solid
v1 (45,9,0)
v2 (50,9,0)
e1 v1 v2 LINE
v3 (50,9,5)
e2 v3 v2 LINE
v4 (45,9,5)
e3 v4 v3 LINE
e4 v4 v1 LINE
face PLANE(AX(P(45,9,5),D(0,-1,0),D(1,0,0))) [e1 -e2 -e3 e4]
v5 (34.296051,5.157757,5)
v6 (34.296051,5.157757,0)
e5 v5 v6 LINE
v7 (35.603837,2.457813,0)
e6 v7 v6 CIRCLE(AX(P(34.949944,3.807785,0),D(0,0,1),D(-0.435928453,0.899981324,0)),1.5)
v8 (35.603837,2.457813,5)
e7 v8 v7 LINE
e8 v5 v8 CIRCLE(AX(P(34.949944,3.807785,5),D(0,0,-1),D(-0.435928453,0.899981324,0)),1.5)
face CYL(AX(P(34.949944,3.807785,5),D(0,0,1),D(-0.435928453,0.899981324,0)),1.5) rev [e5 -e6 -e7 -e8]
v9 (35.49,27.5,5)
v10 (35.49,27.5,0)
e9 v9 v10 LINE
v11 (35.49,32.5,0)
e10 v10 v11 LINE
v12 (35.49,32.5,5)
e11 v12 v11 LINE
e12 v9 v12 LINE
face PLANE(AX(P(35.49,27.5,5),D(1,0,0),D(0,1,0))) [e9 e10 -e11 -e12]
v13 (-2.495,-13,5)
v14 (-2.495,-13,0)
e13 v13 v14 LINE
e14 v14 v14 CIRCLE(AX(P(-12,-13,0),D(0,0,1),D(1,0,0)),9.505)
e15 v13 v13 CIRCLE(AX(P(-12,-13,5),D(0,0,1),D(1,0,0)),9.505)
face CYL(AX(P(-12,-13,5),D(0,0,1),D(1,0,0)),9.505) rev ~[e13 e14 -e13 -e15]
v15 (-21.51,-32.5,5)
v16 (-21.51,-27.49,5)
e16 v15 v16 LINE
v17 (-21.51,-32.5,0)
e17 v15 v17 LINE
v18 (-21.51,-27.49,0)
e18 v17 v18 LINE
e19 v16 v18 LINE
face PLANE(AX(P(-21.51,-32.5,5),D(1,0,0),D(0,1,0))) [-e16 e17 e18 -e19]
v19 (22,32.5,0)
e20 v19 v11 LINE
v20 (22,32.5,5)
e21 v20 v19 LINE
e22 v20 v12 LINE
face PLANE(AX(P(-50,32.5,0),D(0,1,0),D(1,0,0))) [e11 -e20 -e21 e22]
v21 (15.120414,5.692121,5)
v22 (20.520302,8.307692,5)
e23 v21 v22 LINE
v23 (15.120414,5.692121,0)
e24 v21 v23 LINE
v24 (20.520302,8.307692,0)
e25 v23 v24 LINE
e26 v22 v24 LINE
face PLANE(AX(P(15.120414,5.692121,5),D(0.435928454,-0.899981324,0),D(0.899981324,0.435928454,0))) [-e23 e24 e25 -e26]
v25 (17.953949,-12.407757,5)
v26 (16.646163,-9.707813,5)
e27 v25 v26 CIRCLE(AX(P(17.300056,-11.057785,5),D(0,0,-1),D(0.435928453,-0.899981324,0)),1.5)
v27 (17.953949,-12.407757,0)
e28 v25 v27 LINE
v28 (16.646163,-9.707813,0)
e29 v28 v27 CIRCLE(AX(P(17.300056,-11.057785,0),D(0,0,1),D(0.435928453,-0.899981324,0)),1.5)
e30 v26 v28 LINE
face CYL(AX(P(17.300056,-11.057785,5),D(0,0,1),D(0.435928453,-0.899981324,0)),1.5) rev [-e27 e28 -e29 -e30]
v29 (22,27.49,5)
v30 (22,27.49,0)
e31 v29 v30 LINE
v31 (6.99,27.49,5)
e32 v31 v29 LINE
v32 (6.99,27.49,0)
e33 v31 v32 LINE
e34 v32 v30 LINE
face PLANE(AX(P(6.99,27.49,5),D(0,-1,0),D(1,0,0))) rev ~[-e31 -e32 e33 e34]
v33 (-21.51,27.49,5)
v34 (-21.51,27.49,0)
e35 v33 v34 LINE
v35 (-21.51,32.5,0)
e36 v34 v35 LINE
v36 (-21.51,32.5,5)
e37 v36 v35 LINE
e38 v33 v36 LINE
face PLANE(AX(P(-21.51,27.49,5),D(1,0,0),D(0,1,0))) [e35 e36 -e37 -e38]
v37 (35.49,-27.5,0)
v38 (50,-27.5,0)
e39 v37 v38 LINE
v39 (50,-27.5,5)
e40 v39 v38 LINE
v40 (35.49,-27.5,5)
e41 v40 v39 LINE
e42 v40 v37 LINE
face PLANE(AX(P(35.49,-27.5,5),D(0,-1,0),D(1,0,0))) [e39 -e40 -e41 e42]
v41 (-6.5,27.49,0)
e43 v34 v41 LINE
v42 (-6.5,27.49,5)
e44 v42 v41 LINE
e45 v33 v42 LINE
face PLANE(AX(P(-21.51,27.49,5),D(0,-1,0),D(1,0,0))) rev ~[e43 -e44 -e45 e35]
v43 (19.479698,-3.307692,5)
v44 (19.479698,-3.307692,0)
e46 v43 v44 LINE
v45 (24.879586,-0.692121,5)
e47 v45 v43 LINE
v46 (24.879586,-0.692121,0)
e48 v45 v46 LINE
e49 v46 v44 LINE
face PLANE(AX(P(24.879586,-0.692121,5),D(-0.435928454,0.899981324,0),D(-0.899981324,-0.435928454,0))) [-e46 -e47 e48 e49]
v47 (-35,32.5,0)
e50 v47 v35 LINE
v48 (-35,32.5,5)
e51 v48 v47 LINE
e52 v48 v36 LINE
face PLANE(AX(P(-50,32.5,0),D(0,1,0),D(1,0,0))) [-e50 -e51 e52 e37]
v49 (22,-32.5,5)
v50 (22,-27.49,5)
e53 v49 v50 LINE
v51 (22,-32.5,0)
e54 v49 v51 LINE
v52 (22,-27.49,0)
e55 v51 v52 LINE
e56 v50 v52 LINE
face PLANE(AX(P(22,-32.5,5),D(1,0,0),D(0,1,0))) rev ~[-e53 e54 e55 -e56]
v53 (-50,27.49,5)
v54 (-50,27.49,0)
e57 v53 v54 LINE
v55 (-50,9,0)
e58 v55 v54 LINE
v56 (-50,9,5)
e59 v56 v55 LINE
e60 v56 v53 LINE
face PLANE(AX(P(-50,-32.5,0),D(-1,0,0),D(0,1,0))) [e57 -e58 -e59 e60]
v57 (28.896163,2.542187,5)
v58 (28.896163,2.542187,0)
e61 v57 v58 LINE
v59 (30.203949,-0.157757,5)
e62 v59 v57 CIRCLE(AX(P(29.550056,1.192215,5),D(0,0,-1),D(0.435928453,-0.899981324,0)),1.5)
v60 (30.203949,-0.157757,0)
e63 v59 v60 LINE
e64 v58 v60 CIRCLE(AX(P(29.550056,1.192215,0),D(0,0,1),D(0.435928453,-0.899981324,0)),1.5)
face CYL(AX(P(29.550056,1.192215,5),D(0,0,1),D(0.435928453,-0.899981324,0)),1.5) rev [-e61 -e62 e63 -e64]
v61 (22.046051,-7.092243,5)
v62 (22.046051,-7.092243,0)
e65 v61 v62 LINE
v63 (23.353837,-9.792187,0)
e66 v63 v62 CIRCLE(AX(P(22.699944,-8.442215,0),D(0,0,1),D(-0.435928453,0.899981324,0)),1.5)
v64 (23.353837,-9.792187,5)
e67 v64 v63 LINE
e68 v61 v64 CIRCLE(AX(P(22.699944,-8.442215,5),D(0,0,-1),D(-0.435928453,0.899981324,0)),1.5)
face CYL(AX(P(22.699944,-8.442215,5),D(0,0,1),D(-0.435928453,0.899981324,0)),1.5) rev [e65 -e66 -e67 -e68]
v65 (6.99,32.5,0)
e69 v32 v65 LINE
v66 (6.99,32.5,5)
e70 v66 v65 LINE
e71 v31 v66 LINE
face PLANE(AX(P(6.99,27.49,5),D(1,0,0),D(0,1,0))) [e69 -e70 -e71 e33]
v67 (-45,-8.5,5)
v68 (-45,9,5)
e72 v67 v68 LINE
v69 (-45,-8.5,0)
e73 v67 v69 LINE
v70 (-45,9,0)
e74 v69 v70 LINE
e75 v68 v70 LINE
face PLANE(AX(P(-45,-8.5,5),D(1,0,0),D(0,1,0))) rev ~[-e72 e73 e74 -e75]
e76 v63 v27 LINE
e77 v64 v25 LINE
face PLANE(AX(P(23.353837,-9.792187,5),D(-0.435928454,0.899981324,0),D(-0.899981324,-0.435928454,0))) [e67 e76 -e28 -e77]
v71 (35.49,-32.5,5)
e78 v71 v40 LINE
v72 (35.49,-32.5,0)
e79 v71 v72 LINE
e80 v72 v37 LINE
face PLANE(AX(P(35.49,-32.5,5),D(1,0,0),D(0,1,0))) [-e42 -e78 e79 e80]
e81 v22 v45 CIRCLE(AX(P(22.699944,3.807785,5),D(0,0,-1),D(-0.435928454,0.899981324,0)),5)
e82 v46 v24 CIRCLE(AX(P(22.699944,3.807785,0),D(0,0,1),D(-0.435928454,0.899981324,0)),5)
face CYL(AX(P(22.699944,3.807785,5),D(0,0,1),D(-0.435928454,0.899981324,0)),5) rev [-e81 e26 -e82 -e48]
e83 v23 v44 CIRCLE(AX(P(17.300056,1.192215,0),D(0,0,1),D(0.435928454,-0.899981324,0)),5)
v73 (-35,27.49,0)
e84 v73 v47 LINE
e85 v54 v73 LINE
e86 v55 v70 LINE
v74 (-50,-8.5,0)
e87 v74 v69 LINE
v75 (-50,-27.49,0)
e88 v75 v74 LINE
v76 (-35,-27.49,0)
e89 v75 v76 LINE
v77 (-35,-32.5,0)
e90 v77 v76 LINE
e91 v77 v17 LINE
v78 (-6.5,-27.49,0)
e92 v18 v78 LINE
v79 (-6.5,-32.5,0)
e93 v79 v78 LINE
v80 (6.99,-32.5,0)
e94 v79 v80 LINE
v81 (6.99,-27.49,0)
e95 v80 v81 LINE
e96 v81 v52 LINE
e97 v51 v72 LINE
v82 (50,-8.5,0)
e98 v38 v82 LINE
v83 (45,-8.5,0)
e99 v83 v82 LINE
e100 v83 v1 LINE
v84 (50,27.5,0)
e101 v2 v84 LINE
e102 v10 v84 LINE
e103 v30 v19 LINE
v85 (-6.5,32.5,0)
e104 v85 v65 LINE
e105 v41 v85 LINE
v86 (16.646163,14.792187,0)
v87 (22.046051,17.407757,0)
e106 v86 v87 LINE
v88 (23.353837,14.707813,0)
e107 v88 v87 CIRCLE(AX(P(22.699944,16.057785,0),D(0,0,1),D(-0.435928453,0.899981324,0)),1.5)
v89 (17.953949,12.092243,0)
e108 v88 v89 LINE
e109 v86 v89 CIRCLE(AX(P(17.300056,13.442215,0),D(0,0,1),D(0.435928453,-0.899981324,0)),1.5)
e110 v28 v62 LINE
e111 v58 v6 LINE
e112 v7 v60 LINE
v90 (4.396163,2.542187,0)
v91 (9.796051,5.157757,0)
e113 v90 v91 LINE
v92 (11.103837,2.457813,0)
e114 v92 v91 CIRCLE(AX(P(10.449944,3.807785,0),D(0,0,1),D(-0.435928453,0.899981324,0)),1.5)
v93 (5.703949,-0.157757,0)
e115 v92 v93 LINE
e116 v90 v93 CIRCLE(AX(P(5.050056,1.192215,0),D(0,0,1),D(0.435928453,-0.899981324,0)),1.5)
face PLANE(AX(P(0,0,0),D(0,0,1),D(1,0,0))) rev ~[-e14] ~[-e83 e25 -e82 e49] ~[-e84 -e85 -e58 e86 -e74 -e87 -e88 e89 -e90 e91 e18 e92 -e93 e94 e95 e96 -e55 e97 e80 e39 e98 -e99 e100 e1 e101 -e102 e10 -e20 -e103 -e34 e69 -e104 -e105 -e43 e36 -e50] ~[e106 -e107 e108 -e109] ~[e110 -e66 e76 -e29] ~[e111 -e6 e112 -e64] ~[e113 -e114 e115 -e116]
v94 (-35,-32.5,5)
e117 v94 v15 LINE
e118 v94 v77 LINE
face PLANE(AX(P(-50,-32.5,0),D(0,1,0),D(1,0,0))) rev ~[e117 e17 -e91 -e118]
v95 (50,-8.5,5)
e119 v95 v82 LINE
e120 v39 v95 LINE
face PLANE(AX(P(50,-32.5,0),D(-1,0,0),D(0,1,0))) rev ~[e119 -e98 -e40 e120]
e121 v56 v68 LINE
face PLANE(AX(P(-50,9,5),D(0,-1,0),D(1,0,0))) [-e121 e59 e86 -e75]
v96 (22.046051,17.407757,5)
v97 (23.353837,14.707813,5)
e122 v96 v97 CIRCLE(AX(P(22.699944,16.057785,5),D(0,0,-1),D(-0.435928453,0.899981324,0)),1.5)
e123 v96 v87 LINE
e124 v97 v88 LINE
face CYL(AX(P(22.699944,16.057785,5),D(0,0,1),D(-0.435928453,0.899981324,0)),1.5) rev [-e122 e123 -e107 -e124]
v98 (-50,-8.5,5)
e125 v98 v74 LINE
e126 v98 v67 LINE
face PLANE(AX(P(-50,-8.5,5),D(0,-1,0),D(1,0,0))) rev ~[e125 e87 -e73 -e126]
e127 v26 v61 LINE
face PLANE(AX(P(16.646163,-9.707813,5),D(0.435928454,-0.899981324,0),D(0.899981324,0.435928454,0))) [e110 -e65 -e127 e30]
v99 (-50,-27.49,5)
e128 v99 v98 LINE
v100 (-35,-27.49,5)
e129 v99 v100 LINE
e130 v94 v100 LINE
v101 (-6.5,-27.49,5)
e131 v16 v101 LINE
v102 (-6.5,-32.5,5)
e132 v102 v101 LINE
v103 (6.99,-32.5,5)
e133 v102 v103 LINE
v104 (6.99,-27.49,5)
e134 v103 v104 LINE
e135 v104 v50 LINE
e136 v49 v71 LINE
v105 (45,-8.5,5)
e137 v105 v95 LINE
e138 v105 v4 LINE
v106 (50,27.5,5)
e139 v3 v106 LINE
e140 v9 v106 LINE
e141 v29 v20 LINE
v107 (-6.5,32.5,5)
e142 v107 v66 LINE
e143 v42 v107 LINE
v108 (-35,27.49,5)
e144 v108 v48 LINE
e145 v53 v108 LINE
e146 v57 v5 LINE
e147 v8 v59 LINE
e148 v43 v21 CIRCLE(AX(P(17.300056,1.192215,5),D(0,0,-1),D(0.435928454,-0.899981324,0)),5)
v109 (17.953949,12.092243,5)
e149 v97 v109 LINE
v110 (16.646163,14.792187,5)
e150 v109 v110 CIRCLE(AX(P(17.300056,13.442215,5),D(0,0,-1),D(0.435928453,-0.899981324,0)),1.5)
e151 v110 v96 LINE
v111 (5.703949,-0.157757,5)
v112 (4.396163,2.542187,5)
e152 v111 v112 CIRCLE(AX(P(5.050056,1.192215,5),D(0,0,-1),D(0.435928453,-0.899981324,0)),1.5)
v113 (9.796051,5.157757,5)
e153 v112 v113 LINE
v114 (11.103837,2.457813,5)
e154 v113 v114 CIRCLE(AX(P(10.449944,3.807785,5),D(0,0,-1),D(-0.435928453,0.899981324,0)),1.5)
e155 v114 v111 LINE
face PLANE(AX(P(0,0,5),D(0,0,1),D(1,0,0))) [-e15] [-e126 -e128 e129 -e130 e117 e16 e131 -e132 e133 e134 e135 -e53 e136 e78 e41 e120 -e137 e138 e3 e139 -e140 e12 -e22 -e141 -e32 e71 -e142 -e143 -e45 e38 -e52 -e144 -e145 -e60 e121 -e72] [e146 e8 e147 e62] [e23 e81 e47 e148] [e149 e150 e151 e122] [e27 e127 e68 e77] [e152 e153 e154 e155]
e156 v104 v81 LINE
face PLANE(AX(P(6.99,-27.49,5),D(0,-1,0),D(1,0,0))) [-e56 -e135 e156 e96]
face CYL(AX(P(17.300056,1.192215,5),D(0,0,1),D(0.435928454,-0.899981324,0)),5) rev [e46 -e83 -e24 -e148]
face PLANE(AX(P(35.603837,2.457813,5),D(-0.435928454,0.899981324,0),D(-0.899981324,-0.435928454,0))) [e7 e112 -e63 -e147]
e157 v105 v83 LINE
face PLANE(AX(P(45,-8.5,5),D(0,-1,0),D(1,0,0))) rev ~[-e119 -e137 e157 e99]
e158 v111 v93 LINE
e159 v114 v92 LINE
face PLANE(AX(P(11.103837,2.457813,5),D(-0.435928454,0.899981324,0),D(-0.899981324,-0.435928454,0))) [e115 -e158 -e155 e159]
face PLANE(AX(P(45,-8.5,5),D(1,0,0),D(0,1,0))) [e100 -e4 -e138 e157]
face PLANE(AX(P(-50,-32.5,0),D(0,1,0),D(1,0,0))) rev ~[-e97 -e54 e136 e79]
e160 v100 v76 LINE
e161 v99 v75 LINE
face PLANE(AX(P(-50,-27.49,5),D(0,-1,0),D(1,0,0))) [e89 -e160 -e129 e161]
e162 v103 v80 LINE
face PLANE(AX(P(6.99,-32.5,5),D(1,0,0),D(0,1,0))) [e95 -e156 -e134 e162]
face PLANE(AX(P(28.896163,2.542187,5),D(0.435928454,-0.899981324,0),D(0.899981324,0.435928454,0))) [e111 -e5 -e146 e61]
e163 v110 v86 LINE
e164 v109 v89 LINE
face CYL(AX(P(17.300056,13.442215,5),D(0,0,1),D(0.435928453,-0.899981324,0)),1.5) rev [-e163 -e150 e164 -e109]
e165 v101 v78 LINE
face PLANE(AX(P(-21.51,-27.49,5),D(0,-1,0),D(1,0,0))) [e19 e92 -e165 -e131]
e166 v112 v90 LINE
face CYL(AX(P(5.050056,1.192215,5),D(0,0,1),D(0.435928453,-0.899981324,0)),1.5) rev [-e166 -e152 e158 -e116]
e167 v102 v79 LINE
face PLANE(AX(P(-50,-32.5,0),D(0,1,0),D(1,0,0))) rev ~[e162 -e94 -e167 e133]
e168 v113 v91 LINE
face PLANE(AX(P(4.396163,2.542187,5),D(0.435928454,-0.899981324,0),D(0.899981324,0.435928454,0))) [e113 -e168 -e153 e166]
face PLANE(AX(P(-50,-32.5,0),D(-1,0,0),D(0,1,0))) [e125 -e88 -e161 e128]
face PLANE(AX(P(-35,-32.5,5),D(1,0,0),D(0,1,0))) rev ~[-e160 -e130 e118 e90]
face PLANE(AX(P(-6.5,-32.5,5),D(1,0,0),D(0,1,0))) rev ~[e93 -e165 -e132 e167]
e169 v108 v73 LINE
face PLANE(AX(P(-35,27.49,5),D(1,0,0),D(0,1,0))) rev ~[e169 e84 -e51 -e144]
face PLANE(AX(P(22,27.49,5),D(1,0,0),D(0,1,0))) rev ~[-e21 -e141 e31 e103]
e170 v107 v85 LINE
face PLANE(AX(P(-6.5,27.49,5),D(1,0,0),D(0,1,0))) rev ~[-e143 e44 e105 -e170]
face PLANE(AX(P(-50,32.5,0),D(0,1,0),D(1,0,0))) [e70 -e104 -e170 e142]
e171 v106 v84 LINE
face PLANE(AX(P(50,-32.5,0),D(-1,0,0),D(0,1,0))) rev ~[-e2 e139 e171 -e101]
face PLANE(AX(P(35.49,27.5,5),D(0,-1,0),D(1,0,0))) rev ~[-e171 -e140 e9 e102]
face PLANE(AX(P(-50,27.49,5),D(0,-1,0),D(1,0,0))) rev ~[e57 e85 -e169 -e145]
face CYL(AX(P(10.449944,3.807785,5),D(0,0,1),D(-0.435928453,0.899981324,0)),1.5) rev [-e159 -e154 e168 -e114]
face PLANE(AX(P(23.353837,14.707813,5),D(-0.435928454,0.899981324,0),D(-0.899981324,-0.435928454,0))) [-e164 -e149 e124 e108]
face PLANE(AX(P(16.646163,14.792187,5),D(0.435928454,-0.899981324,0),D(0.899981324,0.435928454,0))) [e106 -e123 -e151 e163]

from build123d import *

# Parameters (mm, degrees)
ESQUISSE1_W             = 100
ESQUISSE1_H             = 65
BOSS_EXTRU_1_DEPTH      = 5
ESQUISSE2_W             = 15
ESQUISSE2_H             = 5.01
ESQUISSE2_W_2           = 15.01
ESQUISSE2_W_3           = 14.51
ESQUISSE2_H_2           = 5
ESQUISSE2_W_4           = 5
ESQUISSE2_H_3           = 17.5
ENL_V_MAT_EXTRU_1_DEPTH = 5
ESQUISSE7_R             = 9.505
ENL_V_MAT_EXTRU_5_DEPTH = 10
ENL_V_MAT_EXTRU_6_DEPTH = 10


with BuildPart() as part:
    # Esquisse1 → Boss.-Extru.1 (new body)
    with BuildSketch(Plane.XY):
        Rectangle(ESQUISSE1_W, ESQUISSE1_H)
    extrude(amount=BOSS_EXTRU_1_DEPTH)

    # Esquisse2 → Enlèv. mat.-Extru.1 (cut)
    with BuildSketch(Plane.XY.offset(5)):
        with Locations((-42.5, 29.995)):
            Rectangle(ESQUISSE2_W, ESQUISSE2_H)
        with Locations((-14.005, 29.995)):
            Rectangle(ESQUISSE2_W_2, ESQUISSE2_H)
        with Locations((14.495, 29.995)):
            Rectangle(ESQUISSE2_W_2, ESQUISSE2_H)
        with Locations((42.745, 30)):
            Rectangle(ESQUISSE2_W_3, ESQUISSE2_H_2)
        with Locations((-47.5, 0.25)):
            Rectangle(ESQUISSE2_W_4, ESQUISSE2_H_3)
        with Locations((47.5, 0.25)):
            Rectangle(ESQUISSE2_W_4, ESQUISSE2_H_3)
        with Locations((42.745, -30)):
            Rectangle(ESQUISSE2_W_3, ESQUISSE2_H_2)
        with Locations((14.495, -29.995)):
            Rectangle(ESQUISSE2_W_2, ESQUISSE2_H)
        with Locations((-14.005, -29.995)):
            Rectangle(ESQUISSE2_W_2, ESQUISSE2_H)
        with Locations((-42.5, -29.995)):
            Rectangle(ESQUISSE2_W, ESQUISSE2_H)
    extrude(amount=-ENL_V_MAT_EXTRU_1_DEPTH, mode=Mode.SUBTRACT)

    # Esquisse7 → Enlèv. mat.-Extru.5 (cut)
    with BuildSketch(Plane.XY.offset(5)):
        with Locations((-12, -13)):
            Circle(ESQUISSE7_R)
    extrude(amount=-ENL_V_MAT_EXTRU_5_DEPTH, mode=Mode.SUBTRACT)

    # Esquisse8 → Enlèv. mat.-Extru.6 (cut)
    with BuildSketch(Plane.XY.offset(5)):
        with BuildLine():
            Line((24.87958624, -0.692121258), (19.479698297, -3.30769198))
            ThreePointArc((19.479698297, -3.30769198), (12.800149409, -0.98742763), (15.12041376, 5.692121258))
            Line((15.12041376, 5.692121258), (20.520301703, 8.30769198))
            ThreePointArc((20.520301703, 8.30769198), (27.199850591, 5.98742763), (24.87958624, -0.692121258))
        make_face()
        with BuildLine():
            Line((23.353836652, 14.707813375), (17.953948709, 12.092242653))
            ThreePointArc((17.953948709, 12.092242653), (15.950084043, 12.788321958), (16.646163348, 14.792186625))
            Line((16.646163348, 14.792186625), (22.046051291, 17.407757347))
            ThreePointArc((22.046051291, 17.407757347), (24.049915957, 16.711678042), (23.353836652, 14.707813375))
        make_face()
        with BuildLine():
            Line((23.353836652, -9.792186625), (17.953948709, -12.407757347))
            ThreePointArc((17.953948709, -12.407757347), (15.950084043, -11.711678042), (16.646163348, -9.707813375))
            Line((16.646163348, -9.707813375), (22.046051291, -7.092242653))
            ThreePointArc((22.046051291, -7.092242653), (24.049915957, -7.788321958), (23.353836652, -9.792186625))
        make_face()
        with BuildLine():
            Line((11.103836652, 2.457813375), (5.703948709, -0.157757347))
            ThreePointArc((5.703948709, -0.157757347), (3.700084043, 0.538321958), (4.396163348, 2.542186625))
            Line((4.396163348, 2.542186625), (9.796051291, 5.157757347))
            ThreePointArc((9.796051291, 5.157757347), (11.799915957, 4.461678042), (11.103836652, 2.457813375))
        make_face()
        with BuildLine():
            Line((35.603836652, 2.457813375), (30.203948709, -0.157757347))
            ThreePointArc((30.203948709, -0.157757347), (28.200084043, 0.538321958), (28.896163348, 2.542186625))
            Line((28.896163348, 2.542186625), (34.296051291, 5.157757347))
            ThreePointArc((34.296051291, 5.157757347), (36.299915957, 4.461678042), (35.603836652, 2.457813375))
        make_face()
    extrude(amount=-ENL_V_MAT_EXTRU_6_DEPTH, mode=Mode.SUBTRACT)


solid = part.part
